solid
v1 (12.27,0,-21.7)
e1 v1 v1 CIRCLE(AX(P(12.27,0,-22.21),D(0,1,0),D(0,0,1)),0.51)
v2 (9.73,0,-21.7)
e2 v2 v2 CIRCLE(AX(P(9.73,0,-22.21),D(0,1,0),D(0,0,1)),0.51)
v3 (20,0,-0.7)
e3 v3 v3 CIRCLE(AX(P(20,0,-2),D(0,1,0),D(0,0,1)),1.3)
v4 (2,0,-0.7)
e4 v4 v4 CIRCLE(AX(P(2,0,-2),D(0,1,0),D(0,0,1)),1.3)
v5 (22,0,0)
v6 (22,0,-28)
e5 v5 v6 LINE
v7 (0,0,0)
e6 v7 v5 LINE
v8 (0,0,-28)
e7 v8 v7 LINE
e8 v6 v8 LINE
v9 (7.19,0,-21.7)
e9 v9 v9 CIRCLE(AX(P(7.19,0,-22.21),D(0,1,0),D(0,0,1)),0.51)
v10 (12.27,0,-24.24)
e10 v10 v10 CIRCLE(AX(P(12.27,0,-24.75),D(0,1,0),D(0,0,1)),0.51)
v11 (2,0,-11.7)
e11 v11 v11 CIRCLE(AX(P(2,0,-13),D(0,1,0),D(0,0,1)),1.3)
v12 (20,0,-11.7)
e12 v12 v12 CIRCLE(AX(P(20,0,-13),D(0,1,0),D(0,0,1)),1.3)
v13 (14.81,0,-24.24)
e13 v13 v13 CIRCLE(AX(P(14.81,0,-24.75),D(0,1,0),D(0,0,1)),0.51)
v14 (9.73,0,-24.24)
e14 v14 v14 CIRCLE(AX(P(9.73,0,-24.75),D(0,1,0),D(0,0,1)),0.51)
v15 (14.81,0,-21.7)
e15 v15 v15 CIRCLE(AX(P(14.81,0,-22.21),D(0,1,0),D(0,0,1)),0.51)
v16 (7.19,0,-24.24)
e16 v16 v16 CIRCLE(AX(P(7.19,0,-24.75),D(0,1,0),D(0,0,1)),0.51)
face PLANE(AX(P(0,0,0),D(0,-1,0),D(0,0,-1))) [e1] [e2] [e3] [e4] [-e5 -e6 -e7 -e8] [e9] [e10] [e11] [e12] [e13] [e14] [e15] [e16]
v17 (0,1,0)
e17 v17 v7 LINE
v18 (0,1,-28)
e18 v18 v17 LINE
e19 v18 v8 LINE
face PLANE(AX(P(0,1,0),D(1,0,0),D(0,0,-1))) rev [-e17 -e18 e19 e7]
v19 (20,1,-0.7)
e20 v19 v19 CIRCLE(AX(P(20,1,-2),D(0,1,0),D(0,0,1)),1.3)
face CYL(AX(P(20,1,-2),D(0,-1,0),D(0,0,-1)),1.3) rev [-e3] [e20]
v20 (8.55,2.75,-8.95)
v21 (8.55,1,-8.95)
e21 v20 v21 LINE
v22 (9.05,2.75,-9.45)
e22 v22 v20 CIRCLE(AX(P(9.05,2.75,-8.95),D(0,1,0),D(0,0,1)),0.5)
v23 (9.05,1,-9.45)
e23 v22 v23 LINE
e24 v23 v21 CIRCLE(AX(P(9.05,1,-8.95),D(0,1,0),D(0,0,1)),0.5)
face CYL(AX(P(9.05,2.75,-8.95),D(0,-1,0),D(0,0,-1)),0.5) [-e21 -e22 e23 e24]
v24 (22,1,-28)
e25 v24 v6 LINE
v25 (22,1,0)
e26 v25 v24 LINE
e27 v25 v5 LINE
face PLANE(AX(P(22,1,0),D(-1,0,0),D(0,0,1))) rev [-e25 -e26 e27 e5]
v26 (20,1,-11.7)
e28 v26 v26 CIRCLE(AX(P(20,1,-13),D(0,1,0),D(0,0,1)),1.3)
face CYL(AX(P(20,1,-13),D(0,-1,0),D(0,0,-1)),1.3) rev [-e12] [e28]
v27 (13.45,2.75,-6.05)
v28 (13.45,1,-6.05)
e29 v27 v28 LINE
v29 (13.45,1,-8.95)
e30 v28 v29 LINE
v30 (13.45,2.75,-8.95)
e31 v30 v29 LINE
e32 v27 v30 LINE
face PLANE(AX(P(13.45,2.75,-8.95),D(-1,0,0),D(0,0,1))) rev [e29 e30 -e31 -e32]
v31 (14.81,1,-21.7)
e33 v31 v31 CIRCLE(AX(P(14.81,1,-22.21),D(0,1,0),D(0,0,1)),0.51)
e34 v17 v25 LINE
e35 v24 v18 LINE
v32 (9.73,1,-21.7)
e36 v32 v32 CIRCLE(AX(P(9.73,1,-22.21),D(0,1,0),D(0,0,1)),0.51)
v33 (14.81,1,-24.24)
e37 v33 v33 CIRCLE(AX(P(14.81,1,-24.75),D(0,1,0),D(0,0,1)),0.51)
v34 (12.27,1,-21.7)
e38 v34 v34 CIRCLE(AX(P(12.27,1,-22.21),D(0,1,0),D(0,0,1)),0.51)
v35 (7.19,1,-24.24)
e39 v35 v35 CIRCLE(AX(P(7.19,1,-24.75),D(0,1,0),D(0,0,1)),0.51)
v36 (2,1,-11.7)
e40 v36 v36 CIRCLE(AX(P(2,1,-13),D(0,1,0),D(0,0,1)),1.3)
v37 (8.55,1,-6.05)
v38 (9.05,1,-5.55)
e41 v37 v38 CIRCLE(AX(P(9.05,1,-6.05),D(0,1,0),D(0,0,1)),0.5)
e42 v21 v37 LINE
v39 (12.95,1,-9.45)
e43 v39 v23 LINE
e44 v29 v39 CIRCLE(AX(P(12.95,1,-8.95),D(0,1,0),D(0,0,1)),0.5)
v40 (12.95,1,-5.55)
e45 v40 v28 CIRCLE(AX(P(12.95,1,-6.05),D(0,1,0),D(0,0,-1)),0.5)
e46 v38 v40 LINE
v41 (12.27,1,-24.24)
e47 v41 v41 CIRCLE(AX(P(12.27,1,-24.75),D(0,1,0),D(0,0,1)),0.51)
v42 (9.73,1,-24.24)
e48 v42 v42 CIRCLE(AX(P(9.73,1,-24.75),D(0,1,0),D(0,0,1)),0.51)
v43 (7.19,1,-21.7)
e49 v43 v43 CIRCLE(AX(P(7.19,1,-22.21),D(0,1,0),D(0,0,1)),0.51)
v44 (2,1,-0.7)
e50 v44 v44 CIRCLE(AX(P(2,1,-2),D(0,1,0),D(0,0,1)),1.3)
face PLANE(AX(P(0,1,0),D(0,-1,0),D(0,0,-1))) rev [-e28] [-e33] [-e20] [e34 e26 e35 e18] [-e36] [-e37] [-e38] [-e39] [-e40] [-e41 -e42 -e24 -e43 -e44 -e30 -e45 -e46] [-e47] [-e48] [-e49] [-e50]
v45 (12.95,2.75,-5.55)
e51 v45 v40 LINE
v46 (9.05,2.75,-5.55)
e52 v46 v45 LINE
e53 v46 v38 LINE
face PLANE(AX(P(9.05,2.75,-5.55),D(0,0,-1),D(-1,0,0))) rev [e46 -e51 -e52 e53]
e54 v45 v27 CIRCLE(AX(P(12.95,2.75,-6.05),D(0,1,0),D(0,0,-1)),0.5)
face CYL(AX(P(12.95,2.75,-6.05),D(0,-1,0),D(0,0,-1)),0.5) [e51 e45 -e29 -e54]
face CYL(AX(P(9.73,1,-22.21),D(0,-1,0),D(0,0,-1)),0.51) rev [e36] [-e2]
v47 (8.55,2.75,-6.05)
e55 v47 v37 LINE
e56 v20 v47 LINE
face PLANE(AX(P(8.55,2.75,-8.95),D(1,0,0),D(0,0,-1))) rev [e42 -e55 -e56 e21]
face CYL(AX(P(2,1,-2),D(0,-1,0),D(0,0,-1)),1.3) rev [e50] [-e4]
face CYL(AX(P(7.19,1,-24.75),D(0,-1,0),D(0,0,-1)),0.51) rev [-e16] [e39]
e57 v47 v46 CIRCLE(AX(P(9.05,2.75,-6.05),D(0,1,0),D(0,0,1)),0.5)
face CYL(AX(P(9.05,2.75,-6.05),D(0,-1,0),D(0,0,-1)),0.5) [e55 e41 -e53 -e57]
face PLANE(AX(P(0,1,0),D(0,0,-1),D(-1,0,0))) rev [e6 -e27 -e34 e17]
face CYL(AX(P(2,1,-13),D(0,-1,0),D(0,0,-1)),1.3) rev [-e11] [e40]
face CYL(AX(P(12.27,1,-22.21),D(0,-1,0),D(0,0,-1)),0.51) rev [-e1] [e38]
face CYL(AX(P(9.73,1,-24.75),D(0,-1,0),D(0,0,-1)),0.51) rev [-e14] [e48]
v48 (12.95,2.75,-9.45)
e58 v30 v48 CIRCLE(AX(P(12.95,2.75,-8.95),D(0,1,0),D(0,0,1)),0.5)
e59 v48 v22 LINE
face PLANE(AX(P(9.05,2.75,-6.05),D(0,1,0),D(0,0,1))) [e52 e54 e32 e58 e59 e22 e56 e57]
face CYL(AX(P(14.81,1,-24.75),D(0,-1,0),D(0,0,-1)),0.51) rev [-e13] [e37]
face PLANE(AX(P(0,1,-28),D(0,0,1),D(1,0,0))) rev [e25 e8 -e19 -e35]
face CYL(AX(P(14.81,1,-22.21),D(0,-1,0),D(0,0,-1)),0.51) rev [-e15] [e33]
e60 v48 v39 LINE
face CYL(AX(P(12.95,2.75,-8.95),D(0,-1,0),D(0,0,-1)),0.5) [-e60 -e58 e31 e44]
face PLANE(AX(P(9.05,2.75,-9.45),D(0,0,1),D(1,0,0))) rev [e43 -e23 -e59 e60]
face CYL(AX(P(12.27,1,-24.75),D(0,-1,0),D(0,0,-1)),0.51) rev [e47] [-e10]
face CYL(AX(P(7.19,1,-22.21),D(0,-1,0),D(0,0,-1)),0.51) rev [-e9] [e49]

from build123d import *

# Parameters (mm, degrees)
SKETCH1_W           = 22
SKETCH1_H           = 28
SKETCH1_R           = 1.3
SKETCH1_R_2         = 0.51
BOSS_EXTRUDE1_DEPTH = 1
BOSS_EXTRUDE2_DEPTH = 1.75


with BuildPart() as part:
    # Sketch1 → Boss-Extrude1 (new body)
    with BuildSketch(Plane(origin=(0, 0, 0), x_dir=(1, 0, 0), z_dir=(0, 1, 0))):
        with Locations((11, 14)):
            Rectangle(SKETCH1_W, SKETCH1_H)
        with Locations(Location((2, 2, 0), (0, 0, 270))):
            Circle(SKETCH1_R, mode=Mode.SUBTRACT)
        with Locations(Location((20, 2, 0), (0, 0, 270))):
            Circle(SKETCH1_R, mode=Mode.SUBTRACT)
        with Locations(Location((20, 13, 0), (0, 0, 270))):
            Circle(SKETCH1_R, mode=Mode.SUBTRACT)
        with Locations(Location((2, 13, 0), (0, 0, 270))):
            Circle(SKETCH1_R, mode=Mode.SUBTRACT)
        with Locations(Location((14.81, 24.75, 0), (0, 0, 270))):
            Circle(SKETCH1_R_2, mode=Mode.SUBTRACT)
        with Locations(Location((14.81, 22.21, 0), (0, 0, 270))):
            Circle(SKETCH1_R_2, mode=Mode.SUBTRACT)
        with Locations(Location((12.27, 24.75, 0), (0, 0, 270))):
            Circle(SKETCH1_R_2, mode=Mode.SUBTRACT)
        with Locations(Location((9.73, 24.75, 0), (0, 0, 270))):
            Circle(SKETCH1_R_2, mode=Mode.SUBTRACT)
        with Locations(Location((7.19, 24.75, 0), (0, 0, 270))):
            Circle(SKETCH1_R_2, mode=Mode.SUBTRACT)
        with Locations(Location((12.27, 22.21, 0), (0, 0, 270))):
            Circle(SKETCH1_R_2, mode=Mode.SUBTRACT)
        with Locations(Location((9.73, 22.21, 0), (0, 0, 270))):
            Circle(SKETCH1_R_2, mode=Mode.SUBTRACT)
        with Locations(Location((7.19, 22.21, 0), (0, 0, 270))):
            Circle(SKETCH1_R_2, mode=Mode.SUBTRACT)
    extrude(amount=BOSS_EXTRUDE1_DEPTH)

    # Sketch2 → Boss-Extrude2 (add)
    with BuildSketch(Plane(origin=(0, 1, 0), x_dir=(1, 0, 0), z_dir=(0, 1, 0))):
        with BuildLine():
            Line((9.05, 9.45), (12.95, 9.45))
            ThreePointArc((12.95, 9.45), (13.303553391, 9.303553391), (13.45, 8.95))
            Line((13.45, 8.95), (13.45, 6.05))
            ThreePointArc((13.45, 6.05), (13.303553391, 5.696446609), (12.95, 5.55))
            Line((12.95, 5.55), (9.05, 5.55))
            ThreePointArc((9.05, 5.55), (8.696446609, 5.696446609), (8.55, 6.05))
            Line((8.55, 6.05), (8.55, 8.95))
            ThreePointArc((8.55, 8.95), (8.696446609, 9.303553391), (9.05, 9.45))
        make_face()
    extrude(amount=BOSS_EXTRUDE2_DEPTH)


solid = part.part
